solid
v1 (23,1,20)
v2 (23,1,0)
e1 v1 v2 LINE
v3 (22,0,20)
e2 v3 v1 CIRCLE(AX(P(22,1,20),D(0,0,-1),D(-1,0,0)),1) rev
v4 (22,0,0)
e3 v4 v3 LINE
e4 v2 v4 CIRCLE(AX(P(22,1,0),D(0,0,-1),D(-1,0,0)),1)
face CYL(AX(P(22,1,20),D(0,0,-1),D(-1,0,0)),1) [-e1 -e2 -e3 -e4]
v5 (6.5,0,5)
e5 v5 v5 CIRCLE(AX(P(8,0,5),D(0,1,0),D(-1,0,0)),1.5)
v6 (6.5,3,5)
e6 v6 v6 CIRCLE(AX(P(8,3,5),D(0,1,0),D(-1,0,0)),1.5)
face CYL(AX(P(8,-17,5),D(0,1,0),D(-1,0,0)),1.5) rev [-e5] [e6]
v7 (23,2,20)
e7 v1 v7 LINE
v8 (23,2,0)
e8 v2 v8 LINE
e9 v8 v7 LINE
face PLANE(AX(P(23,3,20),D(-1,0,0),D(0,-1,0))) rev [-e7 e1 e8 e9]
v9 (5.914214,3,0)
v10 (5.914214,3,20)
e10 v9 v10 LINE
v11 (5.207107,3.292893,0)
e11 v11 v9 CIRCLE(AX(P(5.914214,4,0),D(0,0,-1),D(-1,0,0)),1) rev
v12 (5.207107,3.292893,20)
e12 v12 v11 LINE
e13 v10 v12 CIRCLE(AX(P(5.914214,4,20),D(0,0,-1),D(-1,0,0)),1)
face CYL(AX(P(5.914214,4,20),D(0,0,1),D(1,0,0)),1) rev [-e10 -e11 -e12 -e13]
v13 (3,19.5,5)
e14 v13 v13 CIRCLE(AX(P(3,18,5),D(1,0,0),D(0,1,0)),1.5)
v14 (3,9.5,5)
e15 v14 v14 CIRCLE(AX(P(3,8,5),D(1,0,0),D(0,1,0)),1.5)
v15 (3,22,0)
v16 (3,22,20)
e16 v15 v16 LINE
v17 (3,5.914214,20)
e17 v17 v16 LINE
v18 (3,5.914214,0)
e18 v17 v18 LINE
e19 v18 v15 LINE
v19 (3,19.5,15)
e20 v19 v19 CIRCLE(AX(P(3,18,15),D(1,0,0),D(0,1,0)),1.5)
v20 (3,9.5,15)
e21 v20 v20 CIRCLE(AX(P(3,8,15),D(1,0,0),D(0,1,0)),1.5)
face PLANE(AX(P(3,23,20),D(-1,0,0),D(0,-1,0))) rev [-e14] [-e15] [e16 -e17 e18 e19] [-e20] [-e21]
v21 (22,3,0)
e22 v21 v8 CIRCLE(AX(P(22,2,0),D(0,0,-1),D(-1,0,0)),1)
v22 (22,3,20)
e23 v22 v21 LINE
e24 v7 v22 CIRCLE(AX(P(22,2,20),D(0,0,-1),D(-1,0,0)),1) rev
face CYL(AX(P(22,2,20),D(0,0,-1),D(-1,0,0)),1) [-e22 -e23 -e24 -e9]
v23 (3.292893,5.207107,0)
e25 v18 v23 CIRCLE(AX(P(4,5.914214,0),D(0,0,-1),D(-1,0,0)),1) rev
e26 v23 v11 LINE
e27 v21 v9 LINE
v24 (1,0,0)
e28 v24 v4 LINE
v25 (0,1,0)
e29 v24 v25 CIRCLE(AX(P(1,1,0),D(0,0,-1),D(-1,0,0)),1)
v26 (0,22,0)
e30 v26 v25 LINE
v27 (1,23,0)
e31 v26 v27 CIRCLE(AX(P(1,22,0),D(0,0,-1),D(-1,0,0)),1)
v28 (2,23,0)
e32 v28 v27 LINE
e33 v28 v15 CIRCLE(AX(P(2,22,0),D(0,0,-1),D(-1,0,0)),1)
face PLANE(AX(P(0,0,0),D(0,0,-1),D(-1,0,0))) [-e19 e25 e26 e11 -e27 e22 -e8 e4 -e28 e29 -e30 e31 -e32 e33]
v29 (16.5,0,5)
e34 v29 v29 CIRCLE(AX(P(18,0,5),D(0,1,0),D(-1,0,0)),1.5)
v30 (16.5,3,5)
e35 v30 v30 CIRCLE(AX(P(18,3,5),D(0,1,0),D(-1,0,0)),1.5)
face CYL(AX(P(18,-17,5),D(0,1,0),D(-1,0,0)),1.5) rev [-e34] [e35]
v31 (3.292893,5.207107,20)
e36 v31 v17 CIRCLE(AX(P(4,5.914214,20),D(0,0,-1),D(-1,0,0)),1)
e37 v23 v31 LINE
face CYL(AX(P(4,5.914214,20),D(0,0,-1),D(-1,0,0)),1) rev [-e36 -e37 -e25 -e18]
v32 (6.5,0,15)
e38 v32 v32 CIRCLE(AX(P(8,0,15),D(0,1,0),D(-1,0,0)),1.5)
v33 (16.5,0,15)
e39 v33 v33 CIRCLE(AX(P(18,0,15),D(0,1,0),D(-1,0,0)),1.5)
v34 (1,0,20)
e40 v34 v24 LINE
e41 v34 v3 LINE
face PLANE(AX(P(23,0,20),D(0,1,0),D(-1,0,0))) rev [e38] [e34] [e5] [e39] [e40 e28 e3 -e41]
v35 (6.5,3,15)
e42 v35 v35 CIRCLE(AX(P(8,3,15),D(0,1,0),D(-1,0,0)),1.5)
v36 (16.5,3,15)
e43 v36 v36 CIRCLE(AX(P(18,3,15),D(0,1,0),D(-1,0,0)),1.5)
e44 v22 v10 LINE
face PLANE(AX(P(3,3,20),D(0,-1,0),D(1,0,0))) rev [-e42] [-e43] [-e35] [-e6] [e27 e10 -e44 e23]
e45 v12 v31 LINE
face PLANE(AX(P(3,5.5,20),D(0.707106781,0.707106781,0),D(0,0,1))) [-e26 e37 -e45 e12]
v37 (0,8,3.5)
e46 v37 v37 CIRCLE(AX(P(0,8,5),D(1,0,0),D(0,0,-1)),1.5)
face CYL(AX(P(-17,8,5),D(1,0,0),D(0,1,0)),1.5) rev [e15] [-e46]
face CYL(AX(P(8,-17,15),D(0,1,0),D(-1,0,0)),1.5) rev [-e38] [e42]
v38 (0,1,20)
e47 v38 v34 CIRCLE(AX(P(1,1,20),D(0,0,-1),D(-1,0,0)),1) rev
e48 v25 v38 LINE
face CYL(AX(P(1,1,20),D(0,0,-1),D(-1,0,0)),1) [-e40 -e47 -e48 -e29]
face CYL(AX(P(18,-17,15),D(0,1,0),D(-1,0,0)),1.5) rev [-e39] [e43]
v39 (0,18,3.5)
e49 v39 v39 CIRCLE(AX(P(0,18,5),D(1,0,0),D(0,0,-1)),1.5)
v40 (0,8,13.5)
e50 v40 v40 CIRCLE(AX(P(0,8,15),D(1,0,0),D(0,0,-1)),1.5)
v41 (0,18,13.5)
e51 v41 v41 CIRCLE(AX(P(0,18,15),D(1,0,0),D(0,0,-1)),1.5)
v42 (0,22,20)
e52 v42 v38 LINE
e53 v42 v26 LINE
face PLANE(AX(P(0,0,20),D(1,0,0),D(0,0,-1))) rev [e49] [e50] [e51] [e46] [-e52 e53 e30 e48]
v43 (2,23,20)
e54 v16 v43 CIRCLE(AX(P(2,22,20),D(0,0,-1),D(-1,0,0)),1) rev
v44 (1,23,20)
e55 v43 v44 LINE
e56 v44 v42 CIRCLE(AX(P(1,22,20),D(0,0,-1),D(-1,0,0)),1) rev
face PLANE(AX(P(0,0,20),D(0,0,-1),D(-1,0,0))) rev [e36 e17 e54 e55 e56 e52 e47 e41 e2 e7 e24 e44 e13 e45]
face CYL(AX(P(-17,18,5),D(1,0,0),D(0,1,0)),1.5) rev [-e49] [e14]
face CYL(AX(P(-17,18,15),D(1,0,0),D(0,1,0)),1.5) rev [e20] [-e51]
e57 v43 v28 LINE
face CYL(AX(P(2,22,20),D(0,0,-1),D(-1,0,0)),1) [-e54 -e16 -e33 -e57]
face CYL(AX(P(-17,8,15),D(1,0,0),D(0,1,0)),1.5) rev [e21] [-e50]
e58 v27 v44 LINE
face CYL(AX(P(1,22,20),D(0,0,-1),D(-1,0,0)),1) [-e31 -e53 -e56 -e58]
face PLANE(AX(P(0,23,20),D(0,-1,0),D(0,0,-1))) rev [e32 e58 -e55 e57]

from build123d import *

# Parameters (mm, degrees)
BOSS_EXTRU_1_DEPTH      = 20
ESQUISSE2_R             = 1.5
ENL_V_MAT_EXTRU_1_DEPTH = 20
ESQUISSE3_R             = 1.5
ENL_V_MAT_EXTRU_2_DEPTH = 20
CHANFREIN1_SIZE         = 2.5
CONG_2_R                = 1


with BuildPart() as part:
    # Esquisse1 → Boss.-Extru.1 (new body)
    with BuildSketch(Plane.XY):
        Polygon((23, 0), (0, 0), (0, 23), (3, 23), (3, 3), (23, 3), align=None)
    extrude(amount=BOSS_EXTRU_1_DEPTH)

    # Esquisse2 → Enlèv. mat.-Extru.1 (cut)
    with BuildSketch(Plane(origin=(0, 3, 0), x_dir=(1, 0, 0), z_dir=(0, 1, 0))):
        with Locations((8, -15)):
            Circle(ESQUISSE2_R)
        with Locations((18, -15)):
            Circle(ESQUISSE2_R)
        with Locations((18, -5)):
            Circle(ESQUISSE2_R)
        with Locations((8, -5)):
            Circle(ESQUISSE2_R)
    extrude(amount=-ENL_V_MAT_EXTRU_1_DEPTH, mode=Mode.SUBTRACT)

    # Esquisse3 → Enlèv. mat.-Extru.2 (cut)
    with BuildSketch(Plane(origin=(3, 0, 0), x_dir=(0, 0, -1), z_dir=(1, 0, 0))):
        with Locations((-15, 18)):
            Circle(ESQUISSE3_R)
        with Locations((-5, 18)):
            Circle(ESQUISSE3_R)
        with Locations((-5, 8)):
            Circle(ESQUISSE3_R)
        with Locations((-15, 8)):
            Circle(ESQUISSE3_R)
    extrude(amount=-ENL_V_MAT_EXTRU_2_DEPTH, mode=Mode.SUBTRACT)

    # Chanfrein1
    chanfrein1_edges = [part.edges().sort_by_distance(p)[0] for p in [
        (3, 3, 10),
    ]]
    chamfer(chanfrein1_edges, length=CHANFREIN1_SIZE)

    # Congé2
    cong_2_edges = [part.edges().sort_by_distance(p)[0] for p in [
        (23, 0, 10),
        (0, 0, 10),
        (0, 23, 10),
        (3, 23, 10),
        (23, 3, 10),
        (3, 5.5, 10),
        (5.5, 3, 10),
    ]]
    fillet(cong_2_edges, radius=CONG_2_R)


solid = part.part
